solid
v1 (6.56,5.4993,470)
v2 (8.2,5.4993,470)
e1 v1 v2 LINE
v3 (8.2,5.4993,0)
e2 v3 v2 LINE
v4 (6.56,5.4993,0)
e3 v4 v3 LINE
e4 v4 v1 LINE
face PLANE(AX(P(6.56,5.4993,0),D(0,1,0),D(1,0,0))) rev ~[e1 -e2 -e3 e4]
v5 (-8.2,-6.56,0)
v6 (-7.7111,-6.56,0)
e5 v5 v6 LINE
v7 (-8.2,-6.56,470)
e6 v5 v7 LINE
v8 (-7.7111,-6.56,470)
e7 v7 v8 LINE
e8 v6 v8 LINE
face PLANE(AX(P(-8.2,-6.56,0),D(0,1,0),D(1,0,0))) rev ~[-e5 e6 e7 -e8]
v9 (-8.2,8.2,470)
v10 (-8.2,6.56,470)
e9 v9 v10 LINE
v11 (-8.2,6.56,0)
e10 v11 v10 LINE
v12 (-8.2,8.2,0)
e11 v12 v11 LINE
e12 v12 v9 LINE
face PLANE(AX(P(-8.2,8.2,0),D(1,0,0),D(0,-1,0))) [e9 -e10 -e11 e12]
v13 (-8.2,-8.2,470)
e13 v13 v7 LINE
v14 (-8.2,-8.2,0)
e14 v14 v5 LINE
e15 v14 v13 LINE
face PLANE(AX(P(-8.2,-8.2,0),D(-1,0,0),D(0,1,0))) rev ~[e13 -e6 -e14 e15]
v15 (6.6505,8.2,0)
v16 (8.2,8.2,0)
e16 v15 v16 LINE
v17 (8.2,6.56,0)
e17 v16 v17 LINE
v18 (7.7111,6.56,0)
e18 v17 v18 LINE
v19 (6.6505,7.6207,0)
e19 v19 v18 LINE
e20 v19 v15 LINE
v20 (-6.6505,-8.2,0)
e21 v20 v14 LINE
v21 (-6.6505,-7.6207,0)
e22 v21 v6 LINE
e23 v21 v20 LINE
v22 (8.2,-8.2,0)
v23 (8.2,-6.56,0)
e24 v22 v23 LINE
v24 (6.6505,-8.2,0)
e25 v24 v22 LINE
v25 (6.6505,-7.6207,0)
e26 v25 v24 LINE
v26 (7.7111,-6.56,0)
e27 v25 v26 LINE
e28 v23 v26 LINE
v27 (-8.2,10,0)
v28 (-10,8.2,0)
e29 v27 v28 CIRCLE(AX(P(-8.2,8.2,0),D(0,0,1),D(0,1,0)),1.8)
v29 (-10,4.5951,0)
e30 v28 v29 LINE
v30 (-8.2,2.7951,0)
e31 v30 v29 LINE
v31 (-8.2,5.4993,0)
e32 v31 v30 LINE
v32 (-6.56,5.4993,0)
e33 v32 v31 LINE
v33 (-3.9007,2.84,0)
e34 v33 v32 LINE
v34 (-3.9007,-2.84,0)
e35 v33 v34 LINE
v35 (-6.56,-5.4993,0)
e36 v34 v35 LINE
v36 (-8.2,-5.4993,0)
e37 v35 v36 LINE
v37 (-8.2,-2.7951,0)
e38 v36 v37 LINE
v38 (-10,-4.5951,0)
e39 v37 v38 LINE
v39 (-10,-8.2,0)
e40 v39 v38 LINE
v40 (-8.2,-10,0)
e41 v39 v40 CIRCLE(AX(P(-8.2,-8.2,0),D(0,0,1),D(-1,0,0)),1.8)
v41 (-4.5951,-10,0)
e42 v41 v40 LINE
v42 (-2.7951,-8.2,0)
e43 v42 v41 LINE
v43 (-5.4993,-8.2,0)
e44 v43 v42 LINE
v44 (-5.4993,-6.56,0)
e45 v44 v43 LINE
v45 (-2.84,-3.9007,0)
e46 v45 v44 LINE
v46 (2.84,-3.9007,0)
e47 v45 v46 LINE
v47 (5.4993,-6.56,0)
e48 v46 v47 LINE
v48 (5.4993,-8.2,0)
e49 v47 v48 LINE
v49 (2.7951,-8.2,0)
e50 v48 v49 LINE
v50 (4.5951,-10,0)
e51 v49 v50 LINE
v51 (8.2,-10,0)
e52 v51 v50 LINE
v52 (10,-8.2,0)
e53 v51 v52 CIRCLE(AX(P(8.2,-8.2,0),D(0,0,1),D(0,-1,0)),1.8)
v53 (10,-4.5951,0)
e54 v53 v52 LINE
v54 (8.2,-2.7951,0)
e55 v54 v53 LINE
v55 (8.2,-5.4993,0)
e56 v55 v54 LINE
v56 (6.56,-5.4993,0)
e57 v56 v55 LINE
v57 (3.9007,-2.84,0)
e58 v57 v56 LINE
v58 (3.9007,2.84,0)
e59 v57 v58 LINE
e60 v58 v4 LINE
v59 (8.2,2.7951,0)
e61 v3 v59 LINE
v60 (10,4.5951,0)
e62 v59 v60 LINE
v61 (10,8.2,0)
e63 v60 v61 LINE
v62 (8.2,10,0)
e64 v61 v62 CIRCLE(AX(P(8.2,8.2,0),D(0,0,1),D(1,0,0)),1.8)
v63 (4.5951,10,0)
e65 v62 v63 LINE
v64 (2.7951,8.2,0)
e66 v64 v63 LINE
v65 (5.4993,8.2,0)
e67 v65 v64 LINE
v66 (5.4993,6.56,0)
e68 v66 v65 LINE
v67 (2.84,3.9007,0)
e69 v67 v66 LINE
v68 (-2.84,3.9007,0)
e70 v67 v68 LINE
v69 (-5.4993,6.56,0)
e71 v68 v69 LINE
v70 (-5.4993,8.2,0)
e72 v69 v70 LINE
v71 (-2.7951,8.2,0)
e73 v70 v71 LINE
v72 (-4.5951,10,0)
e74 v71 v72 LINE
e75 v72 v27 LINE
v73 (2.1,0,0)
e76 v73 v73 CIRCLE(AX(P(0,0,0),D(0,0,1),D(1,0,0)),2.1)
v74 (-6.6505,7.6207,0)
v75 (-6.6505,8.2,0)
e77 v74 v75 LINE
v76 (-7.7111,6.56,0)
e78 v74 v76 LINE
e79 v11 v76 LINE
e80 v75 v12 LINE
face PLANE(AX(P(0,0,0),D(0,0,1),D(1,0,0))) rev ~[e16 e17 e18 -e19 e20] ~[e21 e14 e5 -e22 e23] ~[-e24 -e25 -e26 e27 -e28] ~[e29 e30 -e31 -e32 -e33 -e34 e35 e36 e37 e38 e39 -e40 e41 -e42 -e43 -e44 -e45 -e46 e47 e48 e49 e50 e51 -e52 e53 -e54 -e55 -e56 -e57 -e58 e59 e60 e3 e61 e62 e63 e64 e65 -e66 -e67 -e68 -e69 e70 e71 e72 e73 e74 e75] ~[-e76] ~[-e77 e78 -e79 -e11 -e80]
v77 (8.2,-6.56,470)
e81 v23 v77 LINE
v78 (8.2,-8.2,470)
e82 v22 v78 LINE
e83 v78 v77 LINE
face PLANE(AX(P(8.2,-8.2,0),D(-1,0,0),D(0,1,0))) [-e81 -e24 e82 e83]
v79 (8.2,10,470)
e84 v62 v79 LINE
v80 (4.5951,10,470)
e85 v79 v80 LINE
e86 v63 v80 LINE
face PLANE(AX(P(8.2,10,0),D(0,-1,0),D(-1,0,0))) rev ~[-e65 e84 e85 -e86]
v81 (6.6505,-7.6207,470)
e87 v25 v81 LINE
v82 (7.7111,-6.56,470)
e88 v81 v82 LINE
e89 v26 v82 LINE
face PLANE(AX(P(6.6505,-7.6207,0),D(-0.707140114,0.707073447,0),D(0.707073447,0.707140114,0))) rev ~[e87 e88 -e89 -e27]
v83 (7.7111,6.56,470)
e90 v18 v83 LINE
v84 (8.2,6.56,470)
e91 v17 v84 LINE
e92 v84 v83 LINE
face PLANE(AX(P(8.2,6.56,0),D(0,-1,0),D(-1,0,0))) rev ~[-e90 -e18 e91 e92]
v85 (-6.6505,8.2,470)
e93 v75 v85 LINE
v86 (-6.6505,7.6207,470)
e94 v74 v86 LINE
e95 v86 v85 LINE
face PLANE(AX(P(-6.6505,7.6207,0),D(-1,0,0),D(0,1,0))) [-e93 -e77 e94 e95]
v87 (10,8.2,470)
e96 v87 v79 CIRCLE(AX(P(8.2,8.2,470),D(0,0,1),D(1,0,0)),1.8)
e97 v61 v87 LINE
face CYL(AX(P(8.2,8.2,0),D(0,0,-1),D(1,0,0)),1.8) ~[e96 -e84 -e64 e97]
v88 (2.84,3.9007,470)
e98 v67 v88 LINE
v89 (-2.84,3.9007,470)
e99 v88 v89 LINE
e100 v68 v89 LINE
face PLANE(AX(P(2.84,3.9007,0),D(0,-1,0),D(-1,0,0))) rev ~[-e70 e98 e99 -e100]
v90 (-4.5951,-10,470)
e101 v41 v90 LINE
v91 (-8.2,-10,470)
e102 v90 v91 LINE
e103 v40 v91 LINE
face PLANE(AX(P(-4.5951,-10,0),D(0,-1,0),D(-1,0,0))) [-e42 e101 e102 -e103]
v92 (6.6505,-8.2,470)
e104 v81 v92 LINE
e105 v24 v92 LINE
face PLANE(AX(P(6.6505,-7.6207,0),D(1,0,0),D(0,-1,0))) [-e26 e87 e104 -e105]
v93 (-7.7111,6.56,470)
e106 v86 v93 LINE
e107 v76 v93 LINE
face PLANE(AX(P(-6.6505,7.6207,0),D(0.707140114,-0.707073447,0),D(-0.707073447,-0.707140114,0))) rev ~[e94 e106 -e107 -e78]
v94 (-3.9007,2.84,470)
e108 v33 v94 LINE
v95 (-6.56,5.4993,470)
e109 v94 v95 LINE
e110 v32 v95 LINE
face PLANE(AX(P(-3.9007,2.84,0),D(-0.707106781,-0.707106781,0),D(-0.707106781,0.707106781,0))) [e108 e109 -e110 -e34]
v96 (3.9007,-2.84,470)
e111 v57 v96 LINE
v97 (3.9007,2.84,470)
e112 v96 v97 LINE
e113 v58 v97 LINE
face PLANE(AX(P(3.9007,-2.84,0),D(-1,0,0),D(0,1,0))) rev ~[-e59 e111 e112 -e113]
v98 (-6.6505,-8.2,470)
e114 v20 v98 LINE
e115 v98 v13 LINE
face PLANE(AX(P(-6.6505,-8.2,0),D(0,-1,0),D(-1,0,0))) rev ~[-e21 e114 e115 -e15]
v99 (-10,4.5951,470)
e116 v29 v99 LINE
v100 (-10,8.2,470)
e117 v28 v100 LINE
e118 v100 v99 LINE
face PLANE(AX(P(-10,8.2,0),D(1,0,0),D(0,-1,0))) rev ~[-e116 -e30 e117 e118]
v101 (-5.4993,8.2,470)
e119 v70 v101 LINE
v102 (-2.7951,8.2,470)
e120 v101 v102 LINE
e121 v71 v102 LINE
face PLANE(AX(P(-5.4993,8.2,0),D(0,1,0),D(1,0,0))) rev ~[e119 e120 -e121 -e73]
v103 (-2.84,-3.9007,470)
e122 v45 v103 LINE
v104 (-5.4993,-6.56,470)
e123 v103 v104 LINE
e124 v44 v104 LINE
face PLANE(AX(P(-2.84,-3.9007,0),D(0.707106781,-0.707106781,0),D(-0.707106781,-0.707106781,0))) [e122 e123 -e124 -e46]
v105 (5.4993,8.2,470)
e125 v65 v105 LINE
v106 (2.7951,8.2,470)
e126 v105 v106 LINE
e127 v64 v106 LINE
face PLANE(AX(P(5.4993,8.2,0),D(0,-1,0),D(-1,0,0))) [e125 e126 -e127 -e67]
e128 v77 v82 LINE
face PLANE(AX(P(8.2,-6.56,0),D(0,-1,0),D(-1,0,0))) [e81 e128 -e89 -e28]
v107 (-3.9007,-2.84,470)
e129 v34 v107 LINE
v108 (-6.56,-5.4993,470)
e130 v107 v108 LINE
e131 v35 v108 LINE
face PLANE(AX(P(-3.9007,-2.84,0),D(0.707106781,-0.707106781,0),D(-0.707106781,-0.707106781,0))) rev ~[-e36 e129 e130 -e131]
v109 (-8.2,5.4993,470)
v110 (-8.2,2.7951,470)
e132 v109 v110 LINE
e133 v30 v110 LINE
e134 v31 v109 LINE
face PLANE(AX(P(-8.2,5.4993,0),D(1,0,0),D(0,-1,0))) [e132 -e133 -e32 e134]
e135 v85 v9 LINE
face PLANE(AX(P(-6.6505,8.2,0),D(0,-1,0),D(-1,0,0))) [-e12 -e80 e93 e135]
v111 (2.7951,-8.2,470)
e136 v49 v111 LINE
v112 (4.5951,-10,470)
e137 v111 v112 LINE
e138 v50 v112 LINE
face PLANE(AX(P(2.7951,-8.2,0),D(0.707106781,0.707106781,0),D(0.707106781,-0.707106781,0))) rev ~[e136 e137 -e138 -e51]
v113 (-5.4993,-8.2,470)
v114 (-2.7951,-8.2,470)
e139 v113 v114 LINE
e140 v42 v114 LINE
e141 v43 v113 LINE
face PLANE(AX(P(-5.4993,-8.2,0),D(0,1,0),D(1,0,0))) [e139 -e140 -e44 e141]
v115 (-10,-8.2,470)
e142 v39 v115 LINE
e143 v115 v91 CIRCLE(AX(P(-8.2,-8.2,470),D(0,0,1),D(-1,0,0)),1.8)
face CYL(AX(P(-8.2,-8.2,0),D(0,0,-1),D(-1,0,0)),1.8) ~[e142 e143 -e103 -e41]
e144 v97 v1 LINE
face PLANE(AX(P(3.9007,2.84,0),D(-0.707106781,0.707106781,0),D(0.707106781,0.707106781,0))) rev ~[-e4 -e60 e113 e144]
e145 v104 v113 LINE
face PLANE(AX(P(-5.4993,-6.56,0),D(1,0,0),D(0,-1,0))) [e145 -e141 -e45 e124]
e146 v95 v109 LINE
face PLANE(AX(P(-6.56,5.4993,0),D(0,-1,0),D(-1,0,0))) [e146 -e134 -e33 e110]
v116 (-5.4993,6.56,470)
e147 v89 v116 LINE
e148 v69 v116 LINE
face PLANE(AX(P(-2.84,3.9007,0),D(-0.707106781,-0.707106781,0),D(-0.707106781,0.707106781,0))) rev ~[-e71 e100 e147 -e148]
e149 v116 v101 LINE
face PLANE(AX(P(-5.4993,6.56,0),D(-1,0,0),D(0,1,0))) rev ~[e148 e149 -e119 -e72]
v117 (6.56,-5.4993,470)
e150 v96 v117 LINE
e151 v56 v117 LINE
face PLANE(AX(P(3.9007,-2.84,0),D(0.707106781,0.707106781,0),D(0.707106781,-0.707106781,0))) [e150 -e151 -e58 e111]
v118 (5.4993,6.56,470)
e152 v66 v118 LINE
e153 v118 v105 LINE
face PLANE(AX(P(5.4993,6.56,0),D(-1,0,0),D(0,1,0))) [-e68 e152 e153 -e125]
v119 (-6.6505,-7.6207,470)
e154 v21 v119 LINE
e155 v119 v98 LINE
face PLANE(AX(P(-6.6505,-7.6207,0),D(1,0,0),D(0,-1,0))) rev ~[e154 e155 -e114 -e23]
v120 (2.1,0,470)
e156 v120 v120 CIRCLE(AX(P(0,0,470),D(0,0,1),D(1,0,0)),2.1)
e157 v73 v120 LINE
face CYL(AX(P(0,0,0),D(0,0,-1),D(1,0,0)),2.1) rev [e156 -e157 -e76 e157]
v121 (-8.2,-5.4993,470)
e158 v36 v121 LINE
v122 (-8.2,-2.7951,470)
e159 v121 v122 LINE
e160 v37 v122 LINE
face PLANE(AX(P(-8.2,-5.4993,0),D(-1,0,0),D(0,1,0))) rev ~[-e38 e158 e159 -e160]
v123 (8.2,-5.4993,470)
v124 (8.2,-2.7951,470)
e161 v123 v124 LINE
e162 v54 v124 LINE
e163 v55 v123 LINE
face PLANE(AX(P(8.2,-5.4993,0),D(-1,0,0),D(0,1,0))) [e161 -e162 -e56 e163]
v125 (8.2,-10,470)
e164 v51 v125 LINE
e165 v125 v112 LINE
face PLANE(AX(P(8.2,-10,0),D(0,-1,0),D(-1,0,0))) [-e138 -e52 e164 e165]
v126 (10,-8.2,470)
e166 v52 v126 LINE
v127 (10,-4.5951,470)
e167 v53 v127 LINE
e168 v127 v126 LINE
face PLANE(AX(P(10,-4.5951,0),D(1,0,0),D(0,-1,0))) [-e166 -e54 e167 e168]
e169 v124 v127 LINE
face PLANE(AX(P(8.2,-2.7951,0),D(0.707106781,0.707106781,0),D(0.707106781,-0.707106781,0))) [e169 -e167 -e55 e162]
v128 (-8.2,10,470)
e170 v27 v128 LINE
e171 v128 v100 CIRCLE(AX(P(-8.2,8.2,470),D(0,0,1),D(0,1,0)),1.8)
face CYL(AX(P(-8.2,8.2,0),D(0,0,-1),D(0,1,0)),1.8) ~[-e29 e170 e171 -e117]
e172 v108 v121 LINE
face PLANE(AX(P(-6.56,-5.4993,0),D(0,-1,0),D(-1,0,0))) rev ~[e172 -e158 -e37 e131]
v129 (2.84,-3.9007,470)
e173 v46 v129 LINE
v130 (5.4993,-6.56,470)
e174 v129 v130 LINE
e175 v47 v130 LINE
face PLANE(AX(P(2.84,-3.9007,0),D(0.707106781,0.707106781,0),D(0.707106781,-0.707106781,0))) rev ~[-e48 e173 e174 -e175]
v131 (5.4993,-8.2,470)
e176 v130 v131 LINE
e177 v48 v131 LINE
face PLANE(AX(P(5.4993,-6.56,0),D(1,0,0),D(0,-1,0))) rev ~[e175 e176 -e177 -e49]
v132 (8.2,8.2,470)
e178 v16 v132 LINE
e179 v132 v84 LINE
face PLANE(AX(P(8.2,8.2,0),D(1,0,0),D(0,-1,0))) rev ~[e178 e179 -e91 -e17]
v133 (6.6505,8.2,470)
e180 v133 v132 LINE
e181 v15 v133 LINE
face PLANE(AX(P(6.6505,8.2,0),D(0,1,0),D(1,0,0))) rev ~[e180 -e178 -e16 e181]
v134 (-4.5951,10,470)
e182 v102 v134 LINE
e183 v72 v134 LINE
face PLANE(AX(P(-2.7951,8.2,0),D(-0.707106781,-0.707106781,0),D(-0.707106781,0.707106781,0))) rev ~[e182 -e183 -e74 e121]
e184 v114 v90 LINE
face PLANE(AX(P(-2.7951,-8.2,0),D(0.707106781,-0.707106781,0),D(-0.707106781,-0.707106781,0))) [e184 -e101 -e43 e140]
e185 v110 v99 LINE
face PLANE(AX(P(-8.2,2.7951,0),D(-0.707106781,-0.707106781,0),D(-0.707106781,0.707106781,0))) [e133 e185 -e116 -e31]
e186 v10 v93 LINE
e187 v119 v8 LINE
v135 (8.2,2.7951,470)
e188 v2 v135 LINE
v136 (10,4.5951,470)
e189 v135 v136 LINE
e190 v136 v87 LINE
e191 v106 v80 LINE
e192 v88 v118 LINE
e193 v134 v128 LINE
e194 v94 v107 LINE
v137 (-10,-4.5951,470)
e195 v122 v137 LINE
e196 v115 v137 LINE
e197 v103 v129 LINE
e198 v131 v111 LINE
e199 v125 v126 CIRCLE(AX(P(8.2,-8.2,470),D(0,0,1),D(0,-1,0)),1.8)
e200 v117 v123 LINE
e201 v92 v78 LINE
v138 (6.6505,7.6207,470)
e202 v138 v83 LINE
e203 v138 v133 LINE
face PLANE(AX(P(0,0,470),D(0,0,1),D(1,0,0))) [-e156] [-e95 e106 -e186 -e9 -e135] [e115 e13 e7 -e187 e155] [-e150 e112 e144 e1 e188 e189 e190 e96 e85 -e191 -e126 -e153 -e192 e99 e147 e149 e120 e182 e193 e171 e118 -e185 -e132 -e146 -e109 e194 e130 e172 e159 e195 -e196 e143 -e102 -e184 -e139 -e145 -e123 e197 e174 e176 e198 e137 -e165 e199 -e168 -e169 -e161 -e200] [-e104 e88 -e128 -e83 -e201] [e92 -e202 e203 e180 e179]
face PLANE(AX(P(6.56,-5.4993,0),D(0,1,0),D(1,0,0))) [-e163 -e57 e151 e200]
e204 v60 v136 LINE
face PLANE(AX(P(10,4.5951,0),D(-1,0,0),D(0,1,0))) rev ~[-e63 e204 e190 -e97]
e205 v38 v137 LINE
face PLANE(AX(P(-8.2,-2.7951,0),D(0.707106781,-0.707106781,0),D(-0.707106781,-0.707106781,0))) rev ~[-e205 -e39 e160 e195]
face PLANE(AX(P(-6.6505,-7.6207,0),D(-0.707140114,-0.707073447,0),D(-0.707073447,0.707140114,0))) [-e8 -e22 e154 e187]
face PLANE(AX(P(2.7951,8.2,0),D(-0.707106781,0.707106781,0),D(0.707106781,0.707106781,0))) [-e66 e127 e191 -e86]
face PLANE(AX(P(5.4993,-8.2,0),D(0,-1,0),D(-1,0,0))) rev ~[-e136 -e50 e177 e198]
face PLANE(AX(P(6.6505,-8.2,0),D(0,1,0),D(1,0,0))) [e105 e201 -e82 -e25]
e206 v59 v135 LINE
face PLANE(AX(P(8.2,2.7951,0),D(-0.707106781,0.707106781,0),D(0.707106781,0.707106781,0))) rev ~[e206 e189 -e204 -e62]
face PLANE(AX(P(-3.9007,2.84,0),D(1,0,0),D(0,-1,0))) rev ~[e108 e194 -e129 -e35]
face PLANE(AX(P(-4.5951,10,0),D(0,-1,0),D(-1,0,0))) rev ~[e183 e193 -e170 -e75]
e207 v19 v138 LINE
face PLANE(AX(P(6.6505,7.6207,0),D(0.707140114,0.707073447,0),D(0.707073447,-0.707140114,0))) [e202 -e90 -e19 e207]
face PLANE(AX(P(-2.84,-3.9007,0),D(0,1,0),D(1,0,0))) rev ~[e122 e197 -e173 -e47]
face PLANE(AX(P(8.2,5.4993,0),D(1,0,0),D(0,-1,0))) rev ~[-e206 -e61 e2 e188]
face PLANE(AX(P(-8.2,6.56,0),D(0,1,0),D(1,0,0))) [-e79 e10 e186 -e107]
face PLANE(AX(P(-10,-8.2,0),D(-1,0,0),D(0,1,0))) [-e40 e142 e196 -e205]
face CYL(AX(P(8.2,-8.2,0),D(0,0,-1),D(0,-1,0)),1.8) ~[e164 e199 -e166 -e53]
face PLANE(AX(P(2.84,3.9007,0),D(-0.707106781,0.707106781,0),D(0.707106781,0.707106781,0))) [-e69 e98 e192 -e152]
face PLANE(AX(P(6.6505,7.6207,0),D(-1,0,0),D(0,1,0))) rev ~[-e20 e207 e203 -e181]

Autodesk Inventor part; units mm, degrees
ref_plane "YZ Plane" through (0, 0, 0) normal (1, 0, 0) x (0, 1, 0)
ref_plane "Start Plane" through (0, 0, 0) normal (0, 0, 1) x (1, 0, 0)
ref_plane "End Plane" through (0, 0, 470) normal (0, 0, 1) x (1, 0, 0)
sketch "Sketch1" plane through (0, 0, 0) normal (0, 0, 1) x (1, 0, 0)
  line L0 (10, -4.5951) -> (10, -8.2)
  line L1 (-10, -8.2) -> (-10, -4.5951)
  line L2 (-10, 10) -> (10, -10) construction
  line L3 (10, 10) -> (-10, -10) construction
  circle A0 centre (0, 0) radius 2.1
  line L4 (-2.84, -3.9007) -> (2.84, -3.9007)
  line L5 (3.9007, -2.84) -> (3.9007, 2.84)
  line L6 (2.84, 3.9007) -> (-2.84, 3.9007)
  line L7 (-3.9007, 2.84) -> (-3.9007, -2.84)
  line L8 (-3.9007, -3.9007) -> (3.9007, 3.9007) construction
  line L9 (3.9007, -3.9007) -> (-3.9007, 3.9007) construction
  line L10 (-3.9007, -2.84) -> (-2.84, -3.9007) construction
  line L11 (-2.84, -3.9007) -> (-5.4993, -6.56)
  line L12 (-5.4993, -6.56) -> (-5.4993, -8.2)
  line L13 (-5.4993, -8.2) -> (-2.7951, -8.2)
  line L14 (-2.7951, -8.2) -> (-4.5951, -10)
  line L15 (0, 0) -> (0, -3.9007) construction
  line L16 (3.9007, -2.84) -> (2.84, -3.9007) construction
  line L17 (2.84, -3.9007) -> (5.4993, -6.56)
  line L18 (5.4993, -6.56) -> (5.4993, -8.2)
  line L19 (5.4993, -8.2) -> (2.7951, -8.2)
  line L20 (2.7951, -8.2) -> (4.5951, -10)
  line L21 (-2.84, -3.9007) -> (-3.9007, -2.84) construction
  line L22 (-3.9007, -2.84) -> (-6.56, -5.4993)
  line L23 (-6.56, -5.4993) -> (-8.2, -5.4993)
  line L24 (-8.2, -5.4993) -> (-8.2, -2.7951)
  line L25 (-8.2, -2.7951) -> (-10, -4.5951)
  line L26 (3.9007, -2.84) -> (6.56, -5.4993)
  line L27 (6.56, -5.4993) -> (8.2, -5.4993)
  line L28 (8.2, -5.4993) -> (8.2, -2.7951)
  line L29 (8.2, -2.7951) -> (10, -4.5951)
  arc A1 (-10, -8.2) -> (-8.2, -10) centre (-8.2, -8.2) ccw
  arc A2 (8.2, -10) -> (10, -8.2) centre (8.2, -8.2) ccw
  line L30 (-8.2, -6.56) -> (-7.7111, -6.56)
  line L31 (-6.6505, -8.2) -> (-8.2, -8.2)
  line L32 (-8.2, -8.2) -> (-8.2, -6.56)
  line L33 (-6.6505, -7.6207) -> (-7.7111, -6.56)
  line L34 (-6.6505, -7.6207) -> (-6.6505, -8.2)
  line L35 (8.2, -6.56) -> (7.7111, -6.56)
  line L36 (6.6505, -8.2) -> (8.2, -8.2)
  line L37 (8.2, -8.2) -> (8.2, -6.56)
  line L38 (6.6505, -7.6207) -> (7.7111, -6.56)
  line L39 (6.6505, -7.6207) -> (6.6505, -8.2)
  line L40 (8.2, -10) -> (4.5951, -10)
  line L41 (-4.5951, -10) -> (-8.2, -10)
  line L42 (-3.9007, 0) -> (3.9007, 0) construction
  line L43 (10, 4.5951) -> (10, 8.2)
  line L44 (-10, 8.2) -> (-10, 4.5951)
  line L45 (-2.84, 3.9007) -> (2.84, 3.9007)
  line L46 (-3.9007, 2.84) -> (-2.84, 3.9007) construction
  line L47 (-2.84, 3.9007) -> (-5.4993, 6.56)
  line L48 (-5.4993, 6.56) -> (-5.4993, 8.2)
  line L49 (-5.4993, 8.2) -> (-2.7951, 8.2)
  line L50 (-2.7951, 8.2) -> (-4.5951, 10)
  line L51 (2.84, 3.9007) -> (5.4993, 6.56)
  line L52 (5.4993, 6.56) -> (5.4993, 8.2)
  line L53 (5.4993, 8.2) -> (2.7951, 8.2)
  line L54 (2.7951, 8.2) -> (4.5951, 10)
  line L55 (3.9007, 2.84) -> (2.84, 3.9007) construction
  line L56 (-8.2, 2.7951) -> (-10, 4.5951)
  line L57 (-2.84, 3.9007) -> (-3.9007, 2.84) construction
  line L58 (-3.9007, 2.84) -> (-6.56, 5.4993)
  line L59 (-6.56, 5.4993) -> (-8.2, 5.4993)
  line L60 (-8.2, 5.4993) -> (-8.2, 2.7951)
  line L61 (3.9007, 2.84) -> (6.56, 5.4993)
  line L62 (6.56, 5.4993) -> (8.2, 5.4993)
  line L63 (8.2, 5.4993) -> (8.2, 2.7951)
  line L64 (8.2, 2.7951) -> (10, 4.5951)
  arc A3 (-8.2, 10) -> (-10, 8.2) centre (-8.2, 8.2) ccw
  arc A4 (10, 8.2) -> (8.2, 10) centre (8.2, 8.2) ccw
  line L65 (-8.2, 6.56) -> (-7.7111, 6.56)
  line L66 (-6.6505, 8.2) -> (-8.2, 8.2)
  line L67 (-8.2, 8.2) -> (-8.2, 6.56)
  line L68 (-6.6505, 7.6207) -> (-7.7111, 6.56)
  line L69 (-6.6505, 7.6207) -> (-6.6505, 8.2)
  line L70 (8.2, 6.56) -> (7.7111, 6.56)
  line L71 (6.6505, 7.6207) -> (7.7111, 6.56)
  line L72 (8.2, 8.2) -> (8.2, 6.56)
  line L73 (6.6505, 7.6207) -> (6.6505, 8.2)
  line L74 (6.6505, 8.2) -> (8.2, 8.2)
  line L75 (8.2, 10) -> (4.5951, 10)
  line L76 (-4.5951, 10) -> (-8.2, 10)
  line L77 (-8.2, 10) -> (-4.5951, 10)
  line L78 (4.5951, 10) -> (8.2, 10)
  point P0 (8.2, -8.2)
  point P1 (0, 3.9007)
  point P2 (8.2, 8.2)
  dimension "Width" = 20
  dimension "Height" = 20
  dimension "d2" = 4.2
  dimension "d3" = 1.5
  dimension "d4" = 1.64
  dimension "d6" = 5.68
  dimension "d7" = 1.8
  dimension "d9" = 1.5
extrude "Body" add sketch "Sketch1" along normal up to surface (470 mm away) from surface at 0
sketch "Sketch4" plane through (0, 0, 0) normal (0, 0, 1) x (1, 0, 0)
  line L0 (0, 0) -> (10, 0)
ref_plane "Work Plane4" through (0, 0, 0) normal (0, -1, 0) x (1, 0, 0)
sketch "Sketch5" plane through (0, 0, 0) normal (0, -1, 0) x (1, 0, 0)
  line L0 (-2, 0) -> (12, 0) construction
  line L1 (-2, 470) -> (12, 470) construction
  dimension "d17" = 470
equation "\"G_OFFSET_START\" = 0"
equation "\"G_OFFSET_END\" = 0"
equation "\"G_L\" = d17"
properties part number "V-slot 20 mm x 20 mm" material "Aluminum 6061"
